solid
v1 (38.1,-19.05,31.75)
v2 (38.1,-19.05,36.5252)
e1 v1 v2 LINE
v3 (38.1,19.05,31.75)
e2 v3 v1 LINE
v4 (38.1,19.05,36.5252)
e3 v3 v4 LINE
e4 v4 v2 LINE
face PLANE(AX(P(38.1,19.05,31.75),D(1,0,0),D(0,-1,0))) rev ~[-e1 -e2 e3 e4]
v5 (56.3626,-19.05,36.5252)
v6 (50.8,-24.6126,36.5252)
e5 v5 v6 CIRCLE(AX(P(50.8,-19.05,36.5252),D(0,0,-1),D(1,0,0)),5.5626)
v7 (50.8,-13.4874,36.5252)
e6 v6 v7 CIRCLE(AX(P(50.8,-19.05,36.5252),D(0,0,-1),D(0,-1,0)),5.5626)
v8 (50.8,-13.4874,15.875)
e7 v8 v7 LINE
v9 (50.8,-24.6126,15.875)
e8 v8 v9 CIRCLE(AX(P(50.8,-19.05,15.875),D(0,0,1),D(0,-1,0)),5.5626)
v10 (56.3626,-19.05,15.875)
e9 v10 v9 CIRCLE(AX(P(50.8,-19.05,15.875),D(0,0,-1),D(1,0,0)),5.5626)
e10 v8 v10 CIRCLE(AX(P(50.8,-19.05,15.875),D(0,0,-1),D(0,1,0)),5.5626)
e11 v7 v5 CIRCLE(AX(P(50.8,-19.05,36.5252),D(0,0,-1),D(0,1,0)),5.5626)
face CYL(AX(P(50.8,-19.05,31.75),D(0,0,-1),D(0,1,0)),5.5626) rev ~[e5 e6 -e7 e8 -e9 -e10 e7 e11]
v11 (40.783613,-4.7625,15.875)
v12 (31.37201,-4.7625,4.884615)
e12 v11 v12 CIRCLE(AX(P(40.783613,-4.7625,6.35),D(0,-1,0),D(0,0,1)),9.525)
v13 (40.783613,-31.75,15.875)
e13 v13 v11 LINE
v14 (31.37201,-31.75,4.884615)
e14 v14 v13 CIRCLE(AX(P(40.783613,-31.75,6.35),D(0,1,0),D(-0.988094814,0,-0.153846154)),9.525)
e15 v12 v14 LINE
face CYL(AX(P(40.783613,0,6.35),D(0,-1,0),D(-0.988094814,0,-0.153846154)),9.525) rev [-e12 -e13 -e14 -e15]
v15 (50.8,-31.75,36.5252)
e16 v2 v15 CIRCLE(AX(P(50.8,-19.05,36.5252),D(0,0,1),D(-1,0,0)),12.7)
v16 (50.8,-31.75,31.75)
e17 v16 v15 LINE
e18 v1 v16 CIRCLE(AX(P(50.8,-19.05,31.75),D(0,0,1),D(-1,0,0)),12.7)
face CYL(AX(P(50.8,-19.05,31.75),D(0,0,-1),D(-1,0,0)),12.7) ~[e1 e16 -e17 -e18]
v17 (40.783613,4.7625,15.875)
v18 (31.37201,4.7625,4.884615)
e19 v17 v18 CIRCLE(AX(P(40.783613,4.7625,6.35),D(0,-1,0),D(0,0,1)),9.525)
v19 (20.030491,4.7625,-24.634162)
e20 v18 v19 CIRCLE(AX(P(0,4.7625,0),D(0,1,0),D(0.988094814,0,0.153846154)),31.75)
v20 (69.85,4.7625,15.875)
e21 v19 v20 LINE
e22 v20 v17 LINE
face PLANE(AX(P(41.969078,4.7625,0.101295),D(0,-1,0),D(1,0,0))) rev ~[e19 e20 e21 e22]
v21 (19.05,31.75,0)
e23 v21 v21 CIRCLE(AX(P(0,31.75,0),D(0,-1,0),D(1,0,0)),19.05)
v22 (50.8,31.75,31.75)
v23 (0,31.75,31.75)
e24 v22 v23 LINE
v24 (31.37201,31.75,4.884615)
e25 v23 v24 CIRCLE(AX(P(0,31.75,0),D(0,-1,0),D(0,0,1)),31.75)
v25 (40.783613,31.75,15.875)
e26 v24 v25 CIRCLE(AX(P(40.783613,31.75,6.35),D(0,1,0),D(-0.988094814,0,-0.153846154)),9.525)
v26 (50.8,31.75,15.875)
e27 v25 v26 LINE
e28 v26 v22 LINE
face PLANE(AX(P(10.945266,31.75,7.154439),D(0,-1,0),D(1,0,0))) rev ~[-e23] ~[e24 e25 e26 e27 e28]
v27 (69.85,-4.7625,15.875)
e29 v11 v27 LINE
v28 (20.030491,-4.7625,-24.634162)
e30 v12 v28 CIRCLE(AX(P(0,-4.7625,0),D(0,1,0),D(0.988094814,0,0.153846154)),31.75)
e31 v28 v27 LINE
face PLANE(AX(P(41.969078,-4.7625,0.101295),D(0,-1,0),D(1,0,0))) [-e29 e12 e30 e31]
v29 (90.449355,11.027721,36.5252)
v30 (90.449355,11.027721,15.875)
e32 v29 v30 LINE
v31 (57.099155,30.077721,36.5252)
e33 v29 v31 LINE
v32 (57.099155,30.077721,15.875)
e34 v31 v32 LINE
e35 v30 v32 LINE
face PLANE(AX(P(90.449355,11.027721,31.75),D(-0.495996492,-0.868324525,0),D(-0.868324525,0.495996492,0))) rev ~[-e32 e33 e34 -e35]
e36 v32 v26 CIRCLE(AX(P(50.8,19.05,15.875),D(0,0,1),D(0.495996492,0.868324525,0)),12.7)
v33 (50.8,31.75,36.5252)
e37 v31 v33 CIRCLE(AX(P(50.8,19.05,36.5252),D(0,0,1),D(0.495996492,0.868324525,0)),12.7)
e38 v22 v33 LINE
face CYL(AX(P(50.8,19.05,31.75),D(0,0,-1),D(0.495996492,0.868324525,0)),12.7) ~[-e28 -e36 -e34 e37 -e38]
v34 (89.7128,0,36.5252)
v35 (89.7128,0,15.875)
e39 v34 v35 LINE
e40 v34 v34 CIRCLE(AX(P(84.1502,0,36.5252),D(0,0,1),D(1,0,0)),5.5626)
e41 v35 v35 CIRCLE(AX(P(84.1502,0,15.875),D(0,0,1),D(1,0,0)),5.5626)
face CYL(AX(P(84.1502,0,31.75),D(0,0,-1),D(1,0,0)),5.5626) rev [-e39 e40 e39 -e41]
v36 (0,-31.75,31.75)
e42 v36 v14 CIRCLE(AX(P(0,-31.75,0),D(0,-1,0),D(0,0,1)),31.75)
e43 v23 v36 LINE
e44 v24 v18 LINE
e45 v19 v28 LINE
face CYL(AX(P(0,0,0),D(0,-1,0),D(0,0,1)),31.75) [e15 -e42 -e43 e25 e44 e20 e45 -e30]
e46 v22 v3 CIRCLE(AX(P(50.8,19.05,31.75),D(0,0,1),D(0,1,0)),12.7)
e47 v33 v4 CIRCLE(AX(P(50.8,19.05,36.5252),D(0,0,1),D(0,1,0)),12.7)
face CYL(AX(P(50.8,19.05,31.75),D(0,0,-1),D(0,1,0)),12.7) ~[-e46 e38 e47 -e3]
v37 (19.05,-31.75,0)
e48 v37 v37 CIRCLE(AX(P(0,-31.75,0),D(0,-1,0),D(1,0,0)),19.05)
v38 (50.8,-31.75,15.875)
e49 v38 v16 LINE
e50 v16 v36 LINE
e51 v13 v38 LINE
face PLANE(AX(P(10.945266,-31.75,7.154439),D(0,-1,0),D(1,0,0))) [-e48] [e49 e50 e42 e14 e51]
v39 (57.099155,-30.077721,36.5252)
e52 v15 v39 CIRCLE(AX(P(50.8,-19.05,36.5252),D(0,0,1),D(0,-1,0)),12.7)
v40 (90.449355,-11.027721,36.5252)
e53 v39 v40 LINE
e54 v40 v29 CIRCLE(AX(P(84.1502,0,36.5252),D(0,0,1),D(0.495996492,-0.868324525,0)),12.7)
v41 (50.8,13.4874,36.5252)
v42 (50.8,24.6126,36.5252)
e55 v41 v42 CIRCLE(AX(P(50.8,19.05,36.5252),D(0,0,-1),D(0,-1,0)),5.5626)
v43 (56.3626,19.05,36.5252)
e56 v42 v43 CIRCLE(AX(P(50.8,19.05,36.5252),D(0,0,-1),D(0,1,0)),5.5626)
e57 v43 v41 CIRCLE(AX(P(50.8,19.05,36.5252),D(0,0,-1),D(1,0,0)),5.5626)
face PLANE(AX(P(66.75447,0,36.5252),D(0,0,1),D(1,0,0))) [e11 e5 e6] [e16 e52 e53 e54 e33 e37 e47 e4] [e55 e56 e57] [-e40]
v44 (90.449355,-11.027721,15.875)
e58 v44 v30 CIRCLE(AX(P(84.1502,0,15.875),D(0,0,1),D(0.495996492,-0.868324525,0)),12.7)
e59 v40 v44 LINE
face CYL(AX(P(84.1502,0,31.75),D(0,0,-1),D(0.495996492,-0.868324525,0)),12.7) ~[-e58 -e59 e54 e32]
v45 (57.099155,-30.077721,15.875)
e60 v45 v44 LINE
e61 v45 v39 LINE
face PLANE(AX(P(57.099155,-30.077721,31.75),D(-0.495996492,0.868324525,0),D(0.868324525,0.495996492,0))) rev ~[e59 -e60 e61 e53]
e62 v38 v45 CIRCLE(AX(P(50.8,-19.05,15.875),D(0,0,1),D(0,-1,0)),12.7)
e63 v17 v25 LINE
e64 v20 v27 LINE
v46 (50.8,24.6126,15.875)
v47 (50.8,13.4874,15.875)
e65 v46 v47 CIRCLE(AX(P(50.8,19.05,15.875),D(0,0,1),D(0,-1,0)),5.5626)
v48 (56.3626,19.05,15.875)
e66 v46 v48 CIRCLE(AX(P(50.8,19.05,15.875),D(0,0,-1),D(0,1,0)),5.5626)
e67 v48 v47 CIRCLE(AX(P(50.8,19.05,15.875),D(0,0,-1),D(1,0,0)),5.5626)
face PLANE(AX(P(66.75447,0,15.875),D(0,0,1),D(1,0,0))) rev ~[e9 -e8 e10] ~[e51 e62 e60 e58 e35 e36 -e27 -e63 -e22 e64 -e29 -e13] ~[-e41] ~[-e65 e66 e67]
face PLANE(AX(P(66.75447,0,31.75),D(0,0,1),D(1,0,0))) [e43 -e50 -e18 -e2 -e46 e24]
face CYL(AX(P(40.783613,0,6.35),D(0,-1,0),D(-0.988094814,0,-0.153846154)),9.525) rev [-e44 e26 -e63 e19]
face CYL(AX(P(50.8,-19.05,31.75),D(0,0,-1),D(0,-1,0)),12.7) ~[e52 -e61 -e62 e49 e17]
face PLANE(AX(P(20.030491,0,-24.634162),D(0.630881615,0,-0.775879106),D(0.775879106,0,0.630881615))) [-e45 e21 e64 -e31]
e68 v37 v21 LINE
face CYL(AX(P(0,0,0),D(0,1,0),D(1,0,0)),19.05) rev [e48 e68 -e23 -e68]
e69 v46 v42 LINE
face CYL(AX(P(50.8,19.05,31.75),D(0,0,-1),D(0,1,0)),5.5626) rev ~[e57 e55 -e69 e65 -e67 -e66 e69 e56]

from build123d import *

# Parameters (mm, degrees)
F0_R          = 19.05
F1_DEPTH      = 31.75
F2_DEPTH      = 4.7625
F3_R          = 5.5626
F4_DEPTH      = 15.875
F4_DEPTH_BACK = 4.7752
F5_DEPTH      = 63.501


with BuildPart() as f1:
    # F0 (on Front) → F1 (new body, symmetric)
    with BuildSketch(Plane.XZ):
        with BuildLine():
            Line((50.8, 31.75), (0, 31.75))
            ThreePointArc((0, 31.75), (-29.9181979044, -10.6284492827), (20.0304912791, -24.6341616281))
            ThreePointArc((20.0304912791, -24.6341616281), (29.6377097996, -11.3872146654), (31.3720103364, 4.8846153846))
            ThreePointArc((31.3720103364, 4.8846153846), (33.5488565837, 12.545475629), (40.7836134373, 15.875))
            Line((40.7836134373, 15.875), (50.8, 15.875))
            Line((50.8, 15.875), (50.8, 31.75))
        make_face()
        Circle(F0_R, mode=Mode.SUBTRACT)
    extrude(amount=F1_DEPTH, both=True)

    # F0 (on Front) → F2 (join, symmetric)
    with BuildSketch(Plane.XZ):
        with BuildLine():
            ThreePointArc((31.3720103364, 4.8846153846), (29.6377097996, -11.3872146654), (20.0304912791, -24.6341616281))
            Line((20.0304912791, -24.6341616281), (69.85, 15.875))
            Line((69.85, 15.875), (50.8, 15.875))
            Line((50.8, 15.875), (40.7836134373, 15.875))
            ThreePointArc((40.7836134373, 15.875), (33.5488565837, 12.545475629), (31.3720103364, 4.8846153846))
        make_face()
    extrude(amount=F2_DEPTH, both=True)

    # F3 (on face) → F4 (join, two sides)
    with BuildSketch(Plane.XY.offset(31.75)) as f4_sk:
        with BuildLine():
            ThreePointArc((57.0991554441, 30.0777214642), (54.0586759125, 31.3248128824), (50.8, 31.75))
            Line((50.8, 31.75), (50.8, 24.6126))
            ThreePointArc((50.8, 24.6126), (54.733352181, 22.983352181), (56.3626, 19.05))
            ThreePointArc((56.3626, 19.05), (54.733352181, 15.116647819), (50.8, 13.4874))
            Line((50.8, 13.4874), (50.8, -13.4874))
            ThreePointArc((50.8, -13.4874), (54.733352181, -15.116647819), (56.3626, -19.05))
            ThreePointArc((56.3626, -19.05), (54.733352181, -22.983352181), (50.8, -24.6126))
            Line((50.8, -24.6126), (50.8, -31.75))
            ThreePointArc((50.8, -31.75), (54.0586759125, -31.3248128824), (57.0991554441, -30.0777214642))
            Line((57.0991554441, -30.0777214642), (90.4493554441, -11.0277214642))
            ThreePointArc((90.4493554441, -11.0277214642), (96.8502, 0), (90.4493554441, 11.0277214642))
            Line((90.4493554441, 11.0277214642), (57.0991554441, 30.0777214642))
        make_face()
        with Locations((84.1502, 0)):
            Circle(F3_R, mode=Mode.SUBTRACT)
        with BuildLine():
            Line((50.8, 24.6126), (50.8, 31.75))
            ThreePointArc((50.8, 31.75), (41.8197438789, 28.0302561211), (38.1, 19.05))
            Line((38.1, 19.05), (38.1, -19.05))
            ThreePointArc((38.1, -19.05), (41.8197438789, -28.0302561211), (50.8, -31.75))
            Line((50.8, -31.75), (50.8, -24.6126))
            ThreePointArc((50.8, -24.6126), (45.2374, -19.05), (50.8, -13.4874))
            Line((50.8, -13.4874), (50.8, 13.4874))
            ThreePointArc((50.8, 13.4874), (45.2374, 19.05), (50.8, 24.6126))
        make_face()
    extrude(amount=-F4_DEPTH)
    extrude(f4_sk.sketch, amount=F4_DEPTH_BACK)

    # F5 (cut, through all): faces of the model
    f5_faces = [f1.faces().sort_by_distance(p)[0] for p in [
        (48.4391592362, -19.05, 31.75),
        (48.4391592362, 19.05, 31.75),
    ]]
    extrude(f5_faces, amount=-F5_DEPTH, mode=Mode.SUBTRACT)


solid = f1.part
